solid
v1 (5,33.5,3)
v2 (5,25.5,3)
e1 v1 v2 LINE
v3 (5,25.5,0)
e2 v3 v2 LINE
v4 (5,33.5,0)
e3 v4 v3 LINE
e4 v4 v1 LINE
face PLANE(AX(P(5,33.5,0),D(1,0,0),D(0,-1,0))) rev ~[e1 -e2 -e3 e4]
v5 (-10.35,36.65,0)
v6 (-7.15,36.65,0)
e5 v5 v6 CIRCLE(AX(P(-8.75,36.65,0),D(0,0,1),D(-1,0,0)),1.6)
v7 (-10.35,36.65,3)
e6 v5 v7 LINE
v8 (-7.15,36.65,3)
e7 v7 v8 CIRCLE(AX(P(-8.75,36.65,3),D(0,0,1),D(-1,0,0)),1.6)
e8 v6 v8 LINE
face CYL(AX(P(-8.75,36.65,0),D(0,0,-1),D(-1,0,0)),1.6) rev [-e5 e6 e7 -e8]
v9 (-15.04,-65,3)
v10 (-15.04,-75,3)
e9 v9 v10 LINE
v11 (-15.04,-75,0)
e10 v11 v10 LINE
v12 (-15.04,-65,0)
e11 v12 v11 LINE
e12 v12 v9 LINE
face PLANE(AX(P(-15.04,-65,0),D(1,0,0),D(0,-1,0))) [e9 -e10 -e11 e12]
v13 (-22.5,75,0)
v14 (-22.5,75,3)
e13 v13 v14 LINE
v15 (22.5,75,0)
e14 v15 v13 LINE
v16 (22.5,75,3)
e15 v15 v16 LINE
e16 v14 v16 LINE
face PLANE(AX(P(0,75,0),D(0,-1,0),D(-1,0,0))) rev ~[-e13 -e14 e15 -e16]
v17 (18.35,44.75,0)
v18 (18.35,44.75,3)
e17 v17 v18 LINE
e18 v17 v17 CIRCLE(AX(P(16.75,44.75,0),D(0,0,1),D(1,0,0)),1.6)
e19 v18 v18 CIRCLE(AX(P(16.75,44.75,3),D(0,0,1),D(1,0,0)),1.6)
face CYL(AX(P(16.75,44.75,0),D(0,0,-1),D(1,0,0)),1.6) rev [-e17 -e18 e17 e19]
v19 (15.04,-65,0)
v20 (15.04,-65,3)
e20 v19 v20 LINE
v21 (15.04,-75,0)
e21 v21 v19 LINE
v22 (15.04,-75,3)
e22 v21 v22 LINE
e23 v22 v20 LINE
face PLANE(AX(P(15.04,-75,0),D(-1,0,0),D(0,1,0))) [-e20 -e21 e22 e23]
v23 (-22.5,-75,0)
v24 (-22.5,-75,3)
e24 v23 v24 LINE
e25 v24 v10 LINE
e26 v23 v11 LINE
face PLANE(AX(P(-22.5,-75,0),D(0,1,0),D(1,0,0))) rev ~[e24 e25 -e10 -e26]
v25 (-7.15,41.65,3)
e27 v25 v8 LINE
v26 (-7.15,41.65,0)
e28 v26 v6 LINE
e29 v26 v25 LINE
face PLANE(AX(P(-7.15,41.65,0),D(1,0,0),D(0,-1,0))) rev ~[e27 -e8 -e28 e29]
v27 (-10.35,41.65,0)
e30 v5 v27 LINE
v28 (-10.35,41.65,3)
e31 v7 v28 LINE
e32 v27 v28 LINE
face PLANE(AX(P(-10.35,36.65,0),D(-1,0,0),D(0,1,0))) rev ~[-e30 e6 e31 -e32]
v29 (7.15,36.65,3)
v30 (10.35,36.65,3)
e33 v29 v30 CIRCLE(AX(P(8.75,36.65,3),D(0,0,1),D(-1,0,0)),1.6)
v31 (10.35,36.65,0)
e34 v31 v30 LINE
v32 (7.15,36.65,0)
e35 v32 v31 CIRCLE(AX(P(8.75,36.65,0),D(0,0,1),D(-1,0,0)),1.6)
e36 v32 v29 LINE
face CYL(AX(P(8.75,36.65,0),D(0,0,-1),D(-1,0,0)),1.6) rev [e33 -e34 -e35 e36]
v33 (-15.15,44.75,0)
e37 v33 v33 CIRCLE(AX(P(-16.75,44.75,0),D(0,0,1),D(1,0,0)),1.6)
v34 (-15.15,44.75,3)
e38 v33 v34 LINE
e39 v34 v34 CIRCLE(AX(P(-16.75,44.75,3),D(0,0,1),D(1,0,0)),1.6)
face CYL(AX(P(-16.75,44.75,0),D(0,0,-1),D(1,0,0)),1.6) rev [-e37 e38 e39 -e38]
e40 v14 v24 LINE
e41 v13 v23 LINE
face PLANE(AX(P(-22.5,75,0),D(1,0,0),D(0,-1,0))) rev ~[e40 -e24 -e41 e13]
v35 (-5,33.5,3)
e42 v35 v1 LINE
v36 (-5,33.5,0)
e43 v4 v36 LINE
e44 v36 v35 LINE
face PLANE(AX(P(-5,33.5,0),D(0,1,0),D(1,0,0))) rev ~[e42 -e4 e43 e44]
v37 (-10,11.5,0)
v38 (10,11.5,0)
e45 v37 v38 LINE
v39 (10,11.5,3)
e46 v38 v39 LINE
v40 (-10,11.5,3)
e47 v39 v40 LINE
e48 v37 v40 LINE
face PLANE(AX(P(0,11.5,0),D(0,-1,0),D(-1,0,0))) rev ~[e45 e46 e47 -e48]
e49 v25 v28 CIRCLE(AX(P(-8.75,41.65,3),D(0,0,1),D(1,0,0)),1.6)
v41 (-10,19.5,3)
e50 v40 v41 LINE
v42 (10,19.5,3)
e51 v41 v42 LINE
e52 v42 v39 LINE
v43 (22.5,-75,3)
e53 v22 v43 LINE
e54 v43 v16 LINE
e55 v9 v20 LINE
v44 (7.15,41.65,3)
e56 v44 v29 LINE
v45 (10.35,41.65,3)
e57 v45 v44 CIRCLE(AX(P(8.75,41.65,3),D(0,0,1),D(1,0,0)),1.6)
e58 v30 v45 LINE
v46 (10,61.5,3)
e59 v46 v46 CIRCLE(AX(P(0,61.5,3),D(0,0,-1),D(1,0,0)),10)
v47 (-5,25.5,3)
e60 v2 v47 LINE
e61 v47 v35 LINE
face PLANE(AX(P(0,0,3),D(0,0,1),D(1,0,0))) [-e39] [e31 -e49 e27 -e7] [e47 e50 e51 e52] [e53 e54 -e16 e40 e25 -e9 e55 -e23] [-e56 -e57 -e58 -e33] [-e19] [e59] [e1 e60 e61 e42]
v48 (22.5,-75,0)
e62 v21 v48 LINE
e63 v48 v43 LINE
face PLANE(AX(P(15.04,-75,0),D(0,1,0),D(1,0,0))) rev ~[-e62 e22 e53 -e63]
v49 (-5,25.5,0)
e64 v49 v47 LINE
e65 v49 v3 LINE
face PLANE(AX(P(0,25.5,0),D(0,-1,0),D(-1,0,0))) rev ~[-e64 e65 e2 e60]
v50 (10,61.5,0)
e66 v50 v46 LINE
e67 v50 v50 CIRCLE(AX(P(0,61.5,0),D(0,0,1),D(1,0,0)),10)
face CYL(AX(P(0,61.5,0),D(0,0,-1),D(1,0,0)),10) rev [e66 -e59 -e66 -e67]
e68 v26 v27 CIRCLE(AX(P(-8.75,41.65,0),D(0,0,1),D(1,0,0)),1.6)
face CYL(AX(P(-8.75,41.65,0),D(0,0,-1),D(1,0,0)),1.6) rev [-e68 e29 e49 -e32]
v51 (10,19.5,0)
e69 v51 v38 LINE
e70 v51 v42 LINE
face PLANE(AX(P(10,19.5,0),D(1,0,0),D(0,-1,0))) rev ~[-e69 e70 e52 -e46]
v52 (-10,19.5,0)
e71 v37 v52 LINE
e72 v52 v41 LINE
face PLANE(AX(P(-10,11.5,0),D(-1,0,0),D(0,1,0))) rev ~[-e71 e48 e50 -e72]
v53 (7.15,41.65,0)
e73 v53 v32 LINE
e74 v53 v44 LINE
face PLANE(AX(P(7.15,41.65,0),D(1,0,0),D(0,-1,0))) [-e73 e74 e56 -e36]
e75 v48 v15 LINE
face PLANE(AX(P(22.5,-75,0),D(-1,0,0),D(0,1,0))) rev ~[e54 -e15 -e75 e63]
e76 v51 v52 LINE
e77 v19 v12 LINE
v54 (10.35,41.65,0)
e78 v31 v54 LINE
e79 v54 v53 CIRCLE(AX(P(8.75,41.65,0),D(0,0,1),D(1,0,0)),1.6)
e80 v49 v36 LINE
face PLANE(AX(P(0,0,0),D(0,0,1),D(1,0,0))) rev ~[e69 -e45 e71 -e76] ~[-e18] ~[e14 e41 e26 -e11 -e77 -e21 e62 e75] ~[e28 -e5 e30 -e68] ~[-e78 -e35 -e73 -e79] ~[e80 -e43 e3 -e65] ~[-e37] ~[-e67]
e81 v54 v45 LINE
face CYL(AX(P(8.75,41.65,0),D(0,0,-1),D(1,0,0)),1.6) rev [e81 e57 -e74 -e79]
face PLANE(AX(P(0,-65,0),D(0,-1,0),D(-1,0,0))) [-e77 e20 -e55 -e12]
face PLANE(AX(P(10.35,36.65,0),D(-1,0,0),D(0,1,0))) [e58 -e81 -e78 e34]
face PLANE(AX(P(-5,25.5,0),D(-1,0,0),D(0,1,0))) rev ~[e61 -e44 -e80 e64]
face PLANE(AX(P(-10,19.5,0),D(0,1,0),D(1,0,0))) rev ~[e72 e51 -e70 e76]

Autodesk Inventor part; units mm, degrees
ref_plane "YZ Plane" through (0, 0, 0) normal (1, 0, 0) x (0, 1, 0)
ref_plane "XZ Plane" through (0, 0, 0) normal (0, 1, 0) x (-1, 0, 0)
ref_plane "XY Plane" through (0, 0, 0) normal (0, 0, 1) x (1, 0, 0)
sketch "Sketch1" plane through (0, 0, 0) normal (0, 0, 1) x (1, 0, 0)
  line L0 (-22.5, -75) -> (22.5, -75)
  line L1 (22.5, -75) -> (22.5, 75)
  line L2 (22.5, 75) -> (-22.5, 75)
  line L3 (-22.5, 75) -> (-22.5, -75)
  line L4 (-22.5, -75) -> (22.5, 75) construction
  line L5 (22.5, -75) -> (-22.5, 75) construction
  circle A0 centre (0, 61.5) radius 10
  circle A1 centre (16.75, 44.75) radius 1.6
  line L6 (0, 75) -> (0, -75)
  circle A2 centre (8.75, 41.65) radius 1.6
  circle A3 centre (-16.75, 44.75) radius 1.6
  circle A4 centre (-8.75, 41.65) radius 1.6
  line L7 (-15.04, -75) -> (15.04, -75)
  line L8 (15.04, -75) -> (15.04, -65)
  line L9 (15.04, -65) -> (-15.04, -65)
  line L10 (-15.04, -65) -> (-15.04, -75)
  line L11 (-5, 33.5) -> (5, 33.5)
  line L12 (5, 33.5) -> (5, 25.5)
  line L13 (5, 25.5) -> (-5, 25.5)
  line L14 (-5, 25.5) -> (-5, 33.5)
  line L15 (-5, 33.5) -> (5, 25.5) construction
  line L16 (5, 33.5) -> (-5, 25.5) construction
  line L17 (-10, 19.5) -> (10, 19.5)
  line L18 (10, 19.5) -> (10, 11.5)
  line L19 (10, 11.5) -> (-10, 11.5)
  line L20 (-10, 11.5) -> (-10, 19.5)
  line L21 (-10, 19.5) -> (10, 11.5) construction
  line L22 (10, 19.5) -> (-10, 11.5) construction
  line L23 (8.75, 41.65) -> (8.75, 36.65) construction
  line L24 (7.15, 41.65) -> (7.15, 36.65)
  line L25 (10.35, 36.65) -> (10.35, 41.65)
  arc A5 (10.35, 41.65) -> (7.15, 41.65) centre (8.75, 41.65) ccw
  arc A6 (7.15, 36.65) -> (10.35, 36.65) centre (8.75, 36.65) ccw
  line L26 (-7.15, 41.65) -> (-7.15, 36.65)
  line L27 (-10.35, 36.65) -> (-10.35, 41.65)
  arc A7 (-10.35, 36.65) -> (-7.15, 36.65) centre (-8.75, 36.65) ccw
  point P0 (0, 0)
  point P1 (0, -65)
  point P2 (0, 29.5)
  point P3 (0, 33.5)
  point P4 (0, 15.5)
  point P5 (8.75, 39.15)
  point P6 (10.35, 41.65)
  point P7 (-7.15, 41.65)
  dimension "d0" = 20
  dimension "d1" = 136.5
  dimension "d2" = 150
  dimension "d3" = 45
  dimension "d4" = 3.2
  dimension "d5" = 119.75
  dimension "d6" = 33.5
  dimension "d7" = 3.2
  dimension "d8" = 116.65
  dimension "d9" = 17.5
  dimension "d10" = 30.08
  dimension "d11" = 10
  dimension "d12" = 28
  dimension "d13" = 8
  dimension "d14" = 10
  dimension "d15" = 46
  dimension "d16" = 8
  dimension "d17" = 20
  dimension "d19" = 5
extrude "Plate1" add sketch "Sketch1" along normal blind 3 contours L3 L2 L6 A0 L11 L14 L13 L17 L20 L19 L9 L10 L0 | L2 L1 L0 L8 L9 L6 L19 L18 L17 L13 L12 L11 A0
equation "\"d18\" = Thickness"
equation "\"BendRadius\" = Thickness"
equation "\"BendReliefWidth\" = Thickness"
equation "\"BendReliefDepth\" = 0.5 * Thickness"
equation "\"CornerReliefSize\" = 4 * Thickness"
equation "\"MinimumRemnant\" = 2 * Thickness"
equation "\"TransitionRadius\" = BendRadius"
equation "\"JacobiRadiusSize\" = BendRadius"
equation "\"GapSize\" = Thickness"
equation "\"Thickness\" = 3"
properties part number "DC Motor Fixing Wall"
